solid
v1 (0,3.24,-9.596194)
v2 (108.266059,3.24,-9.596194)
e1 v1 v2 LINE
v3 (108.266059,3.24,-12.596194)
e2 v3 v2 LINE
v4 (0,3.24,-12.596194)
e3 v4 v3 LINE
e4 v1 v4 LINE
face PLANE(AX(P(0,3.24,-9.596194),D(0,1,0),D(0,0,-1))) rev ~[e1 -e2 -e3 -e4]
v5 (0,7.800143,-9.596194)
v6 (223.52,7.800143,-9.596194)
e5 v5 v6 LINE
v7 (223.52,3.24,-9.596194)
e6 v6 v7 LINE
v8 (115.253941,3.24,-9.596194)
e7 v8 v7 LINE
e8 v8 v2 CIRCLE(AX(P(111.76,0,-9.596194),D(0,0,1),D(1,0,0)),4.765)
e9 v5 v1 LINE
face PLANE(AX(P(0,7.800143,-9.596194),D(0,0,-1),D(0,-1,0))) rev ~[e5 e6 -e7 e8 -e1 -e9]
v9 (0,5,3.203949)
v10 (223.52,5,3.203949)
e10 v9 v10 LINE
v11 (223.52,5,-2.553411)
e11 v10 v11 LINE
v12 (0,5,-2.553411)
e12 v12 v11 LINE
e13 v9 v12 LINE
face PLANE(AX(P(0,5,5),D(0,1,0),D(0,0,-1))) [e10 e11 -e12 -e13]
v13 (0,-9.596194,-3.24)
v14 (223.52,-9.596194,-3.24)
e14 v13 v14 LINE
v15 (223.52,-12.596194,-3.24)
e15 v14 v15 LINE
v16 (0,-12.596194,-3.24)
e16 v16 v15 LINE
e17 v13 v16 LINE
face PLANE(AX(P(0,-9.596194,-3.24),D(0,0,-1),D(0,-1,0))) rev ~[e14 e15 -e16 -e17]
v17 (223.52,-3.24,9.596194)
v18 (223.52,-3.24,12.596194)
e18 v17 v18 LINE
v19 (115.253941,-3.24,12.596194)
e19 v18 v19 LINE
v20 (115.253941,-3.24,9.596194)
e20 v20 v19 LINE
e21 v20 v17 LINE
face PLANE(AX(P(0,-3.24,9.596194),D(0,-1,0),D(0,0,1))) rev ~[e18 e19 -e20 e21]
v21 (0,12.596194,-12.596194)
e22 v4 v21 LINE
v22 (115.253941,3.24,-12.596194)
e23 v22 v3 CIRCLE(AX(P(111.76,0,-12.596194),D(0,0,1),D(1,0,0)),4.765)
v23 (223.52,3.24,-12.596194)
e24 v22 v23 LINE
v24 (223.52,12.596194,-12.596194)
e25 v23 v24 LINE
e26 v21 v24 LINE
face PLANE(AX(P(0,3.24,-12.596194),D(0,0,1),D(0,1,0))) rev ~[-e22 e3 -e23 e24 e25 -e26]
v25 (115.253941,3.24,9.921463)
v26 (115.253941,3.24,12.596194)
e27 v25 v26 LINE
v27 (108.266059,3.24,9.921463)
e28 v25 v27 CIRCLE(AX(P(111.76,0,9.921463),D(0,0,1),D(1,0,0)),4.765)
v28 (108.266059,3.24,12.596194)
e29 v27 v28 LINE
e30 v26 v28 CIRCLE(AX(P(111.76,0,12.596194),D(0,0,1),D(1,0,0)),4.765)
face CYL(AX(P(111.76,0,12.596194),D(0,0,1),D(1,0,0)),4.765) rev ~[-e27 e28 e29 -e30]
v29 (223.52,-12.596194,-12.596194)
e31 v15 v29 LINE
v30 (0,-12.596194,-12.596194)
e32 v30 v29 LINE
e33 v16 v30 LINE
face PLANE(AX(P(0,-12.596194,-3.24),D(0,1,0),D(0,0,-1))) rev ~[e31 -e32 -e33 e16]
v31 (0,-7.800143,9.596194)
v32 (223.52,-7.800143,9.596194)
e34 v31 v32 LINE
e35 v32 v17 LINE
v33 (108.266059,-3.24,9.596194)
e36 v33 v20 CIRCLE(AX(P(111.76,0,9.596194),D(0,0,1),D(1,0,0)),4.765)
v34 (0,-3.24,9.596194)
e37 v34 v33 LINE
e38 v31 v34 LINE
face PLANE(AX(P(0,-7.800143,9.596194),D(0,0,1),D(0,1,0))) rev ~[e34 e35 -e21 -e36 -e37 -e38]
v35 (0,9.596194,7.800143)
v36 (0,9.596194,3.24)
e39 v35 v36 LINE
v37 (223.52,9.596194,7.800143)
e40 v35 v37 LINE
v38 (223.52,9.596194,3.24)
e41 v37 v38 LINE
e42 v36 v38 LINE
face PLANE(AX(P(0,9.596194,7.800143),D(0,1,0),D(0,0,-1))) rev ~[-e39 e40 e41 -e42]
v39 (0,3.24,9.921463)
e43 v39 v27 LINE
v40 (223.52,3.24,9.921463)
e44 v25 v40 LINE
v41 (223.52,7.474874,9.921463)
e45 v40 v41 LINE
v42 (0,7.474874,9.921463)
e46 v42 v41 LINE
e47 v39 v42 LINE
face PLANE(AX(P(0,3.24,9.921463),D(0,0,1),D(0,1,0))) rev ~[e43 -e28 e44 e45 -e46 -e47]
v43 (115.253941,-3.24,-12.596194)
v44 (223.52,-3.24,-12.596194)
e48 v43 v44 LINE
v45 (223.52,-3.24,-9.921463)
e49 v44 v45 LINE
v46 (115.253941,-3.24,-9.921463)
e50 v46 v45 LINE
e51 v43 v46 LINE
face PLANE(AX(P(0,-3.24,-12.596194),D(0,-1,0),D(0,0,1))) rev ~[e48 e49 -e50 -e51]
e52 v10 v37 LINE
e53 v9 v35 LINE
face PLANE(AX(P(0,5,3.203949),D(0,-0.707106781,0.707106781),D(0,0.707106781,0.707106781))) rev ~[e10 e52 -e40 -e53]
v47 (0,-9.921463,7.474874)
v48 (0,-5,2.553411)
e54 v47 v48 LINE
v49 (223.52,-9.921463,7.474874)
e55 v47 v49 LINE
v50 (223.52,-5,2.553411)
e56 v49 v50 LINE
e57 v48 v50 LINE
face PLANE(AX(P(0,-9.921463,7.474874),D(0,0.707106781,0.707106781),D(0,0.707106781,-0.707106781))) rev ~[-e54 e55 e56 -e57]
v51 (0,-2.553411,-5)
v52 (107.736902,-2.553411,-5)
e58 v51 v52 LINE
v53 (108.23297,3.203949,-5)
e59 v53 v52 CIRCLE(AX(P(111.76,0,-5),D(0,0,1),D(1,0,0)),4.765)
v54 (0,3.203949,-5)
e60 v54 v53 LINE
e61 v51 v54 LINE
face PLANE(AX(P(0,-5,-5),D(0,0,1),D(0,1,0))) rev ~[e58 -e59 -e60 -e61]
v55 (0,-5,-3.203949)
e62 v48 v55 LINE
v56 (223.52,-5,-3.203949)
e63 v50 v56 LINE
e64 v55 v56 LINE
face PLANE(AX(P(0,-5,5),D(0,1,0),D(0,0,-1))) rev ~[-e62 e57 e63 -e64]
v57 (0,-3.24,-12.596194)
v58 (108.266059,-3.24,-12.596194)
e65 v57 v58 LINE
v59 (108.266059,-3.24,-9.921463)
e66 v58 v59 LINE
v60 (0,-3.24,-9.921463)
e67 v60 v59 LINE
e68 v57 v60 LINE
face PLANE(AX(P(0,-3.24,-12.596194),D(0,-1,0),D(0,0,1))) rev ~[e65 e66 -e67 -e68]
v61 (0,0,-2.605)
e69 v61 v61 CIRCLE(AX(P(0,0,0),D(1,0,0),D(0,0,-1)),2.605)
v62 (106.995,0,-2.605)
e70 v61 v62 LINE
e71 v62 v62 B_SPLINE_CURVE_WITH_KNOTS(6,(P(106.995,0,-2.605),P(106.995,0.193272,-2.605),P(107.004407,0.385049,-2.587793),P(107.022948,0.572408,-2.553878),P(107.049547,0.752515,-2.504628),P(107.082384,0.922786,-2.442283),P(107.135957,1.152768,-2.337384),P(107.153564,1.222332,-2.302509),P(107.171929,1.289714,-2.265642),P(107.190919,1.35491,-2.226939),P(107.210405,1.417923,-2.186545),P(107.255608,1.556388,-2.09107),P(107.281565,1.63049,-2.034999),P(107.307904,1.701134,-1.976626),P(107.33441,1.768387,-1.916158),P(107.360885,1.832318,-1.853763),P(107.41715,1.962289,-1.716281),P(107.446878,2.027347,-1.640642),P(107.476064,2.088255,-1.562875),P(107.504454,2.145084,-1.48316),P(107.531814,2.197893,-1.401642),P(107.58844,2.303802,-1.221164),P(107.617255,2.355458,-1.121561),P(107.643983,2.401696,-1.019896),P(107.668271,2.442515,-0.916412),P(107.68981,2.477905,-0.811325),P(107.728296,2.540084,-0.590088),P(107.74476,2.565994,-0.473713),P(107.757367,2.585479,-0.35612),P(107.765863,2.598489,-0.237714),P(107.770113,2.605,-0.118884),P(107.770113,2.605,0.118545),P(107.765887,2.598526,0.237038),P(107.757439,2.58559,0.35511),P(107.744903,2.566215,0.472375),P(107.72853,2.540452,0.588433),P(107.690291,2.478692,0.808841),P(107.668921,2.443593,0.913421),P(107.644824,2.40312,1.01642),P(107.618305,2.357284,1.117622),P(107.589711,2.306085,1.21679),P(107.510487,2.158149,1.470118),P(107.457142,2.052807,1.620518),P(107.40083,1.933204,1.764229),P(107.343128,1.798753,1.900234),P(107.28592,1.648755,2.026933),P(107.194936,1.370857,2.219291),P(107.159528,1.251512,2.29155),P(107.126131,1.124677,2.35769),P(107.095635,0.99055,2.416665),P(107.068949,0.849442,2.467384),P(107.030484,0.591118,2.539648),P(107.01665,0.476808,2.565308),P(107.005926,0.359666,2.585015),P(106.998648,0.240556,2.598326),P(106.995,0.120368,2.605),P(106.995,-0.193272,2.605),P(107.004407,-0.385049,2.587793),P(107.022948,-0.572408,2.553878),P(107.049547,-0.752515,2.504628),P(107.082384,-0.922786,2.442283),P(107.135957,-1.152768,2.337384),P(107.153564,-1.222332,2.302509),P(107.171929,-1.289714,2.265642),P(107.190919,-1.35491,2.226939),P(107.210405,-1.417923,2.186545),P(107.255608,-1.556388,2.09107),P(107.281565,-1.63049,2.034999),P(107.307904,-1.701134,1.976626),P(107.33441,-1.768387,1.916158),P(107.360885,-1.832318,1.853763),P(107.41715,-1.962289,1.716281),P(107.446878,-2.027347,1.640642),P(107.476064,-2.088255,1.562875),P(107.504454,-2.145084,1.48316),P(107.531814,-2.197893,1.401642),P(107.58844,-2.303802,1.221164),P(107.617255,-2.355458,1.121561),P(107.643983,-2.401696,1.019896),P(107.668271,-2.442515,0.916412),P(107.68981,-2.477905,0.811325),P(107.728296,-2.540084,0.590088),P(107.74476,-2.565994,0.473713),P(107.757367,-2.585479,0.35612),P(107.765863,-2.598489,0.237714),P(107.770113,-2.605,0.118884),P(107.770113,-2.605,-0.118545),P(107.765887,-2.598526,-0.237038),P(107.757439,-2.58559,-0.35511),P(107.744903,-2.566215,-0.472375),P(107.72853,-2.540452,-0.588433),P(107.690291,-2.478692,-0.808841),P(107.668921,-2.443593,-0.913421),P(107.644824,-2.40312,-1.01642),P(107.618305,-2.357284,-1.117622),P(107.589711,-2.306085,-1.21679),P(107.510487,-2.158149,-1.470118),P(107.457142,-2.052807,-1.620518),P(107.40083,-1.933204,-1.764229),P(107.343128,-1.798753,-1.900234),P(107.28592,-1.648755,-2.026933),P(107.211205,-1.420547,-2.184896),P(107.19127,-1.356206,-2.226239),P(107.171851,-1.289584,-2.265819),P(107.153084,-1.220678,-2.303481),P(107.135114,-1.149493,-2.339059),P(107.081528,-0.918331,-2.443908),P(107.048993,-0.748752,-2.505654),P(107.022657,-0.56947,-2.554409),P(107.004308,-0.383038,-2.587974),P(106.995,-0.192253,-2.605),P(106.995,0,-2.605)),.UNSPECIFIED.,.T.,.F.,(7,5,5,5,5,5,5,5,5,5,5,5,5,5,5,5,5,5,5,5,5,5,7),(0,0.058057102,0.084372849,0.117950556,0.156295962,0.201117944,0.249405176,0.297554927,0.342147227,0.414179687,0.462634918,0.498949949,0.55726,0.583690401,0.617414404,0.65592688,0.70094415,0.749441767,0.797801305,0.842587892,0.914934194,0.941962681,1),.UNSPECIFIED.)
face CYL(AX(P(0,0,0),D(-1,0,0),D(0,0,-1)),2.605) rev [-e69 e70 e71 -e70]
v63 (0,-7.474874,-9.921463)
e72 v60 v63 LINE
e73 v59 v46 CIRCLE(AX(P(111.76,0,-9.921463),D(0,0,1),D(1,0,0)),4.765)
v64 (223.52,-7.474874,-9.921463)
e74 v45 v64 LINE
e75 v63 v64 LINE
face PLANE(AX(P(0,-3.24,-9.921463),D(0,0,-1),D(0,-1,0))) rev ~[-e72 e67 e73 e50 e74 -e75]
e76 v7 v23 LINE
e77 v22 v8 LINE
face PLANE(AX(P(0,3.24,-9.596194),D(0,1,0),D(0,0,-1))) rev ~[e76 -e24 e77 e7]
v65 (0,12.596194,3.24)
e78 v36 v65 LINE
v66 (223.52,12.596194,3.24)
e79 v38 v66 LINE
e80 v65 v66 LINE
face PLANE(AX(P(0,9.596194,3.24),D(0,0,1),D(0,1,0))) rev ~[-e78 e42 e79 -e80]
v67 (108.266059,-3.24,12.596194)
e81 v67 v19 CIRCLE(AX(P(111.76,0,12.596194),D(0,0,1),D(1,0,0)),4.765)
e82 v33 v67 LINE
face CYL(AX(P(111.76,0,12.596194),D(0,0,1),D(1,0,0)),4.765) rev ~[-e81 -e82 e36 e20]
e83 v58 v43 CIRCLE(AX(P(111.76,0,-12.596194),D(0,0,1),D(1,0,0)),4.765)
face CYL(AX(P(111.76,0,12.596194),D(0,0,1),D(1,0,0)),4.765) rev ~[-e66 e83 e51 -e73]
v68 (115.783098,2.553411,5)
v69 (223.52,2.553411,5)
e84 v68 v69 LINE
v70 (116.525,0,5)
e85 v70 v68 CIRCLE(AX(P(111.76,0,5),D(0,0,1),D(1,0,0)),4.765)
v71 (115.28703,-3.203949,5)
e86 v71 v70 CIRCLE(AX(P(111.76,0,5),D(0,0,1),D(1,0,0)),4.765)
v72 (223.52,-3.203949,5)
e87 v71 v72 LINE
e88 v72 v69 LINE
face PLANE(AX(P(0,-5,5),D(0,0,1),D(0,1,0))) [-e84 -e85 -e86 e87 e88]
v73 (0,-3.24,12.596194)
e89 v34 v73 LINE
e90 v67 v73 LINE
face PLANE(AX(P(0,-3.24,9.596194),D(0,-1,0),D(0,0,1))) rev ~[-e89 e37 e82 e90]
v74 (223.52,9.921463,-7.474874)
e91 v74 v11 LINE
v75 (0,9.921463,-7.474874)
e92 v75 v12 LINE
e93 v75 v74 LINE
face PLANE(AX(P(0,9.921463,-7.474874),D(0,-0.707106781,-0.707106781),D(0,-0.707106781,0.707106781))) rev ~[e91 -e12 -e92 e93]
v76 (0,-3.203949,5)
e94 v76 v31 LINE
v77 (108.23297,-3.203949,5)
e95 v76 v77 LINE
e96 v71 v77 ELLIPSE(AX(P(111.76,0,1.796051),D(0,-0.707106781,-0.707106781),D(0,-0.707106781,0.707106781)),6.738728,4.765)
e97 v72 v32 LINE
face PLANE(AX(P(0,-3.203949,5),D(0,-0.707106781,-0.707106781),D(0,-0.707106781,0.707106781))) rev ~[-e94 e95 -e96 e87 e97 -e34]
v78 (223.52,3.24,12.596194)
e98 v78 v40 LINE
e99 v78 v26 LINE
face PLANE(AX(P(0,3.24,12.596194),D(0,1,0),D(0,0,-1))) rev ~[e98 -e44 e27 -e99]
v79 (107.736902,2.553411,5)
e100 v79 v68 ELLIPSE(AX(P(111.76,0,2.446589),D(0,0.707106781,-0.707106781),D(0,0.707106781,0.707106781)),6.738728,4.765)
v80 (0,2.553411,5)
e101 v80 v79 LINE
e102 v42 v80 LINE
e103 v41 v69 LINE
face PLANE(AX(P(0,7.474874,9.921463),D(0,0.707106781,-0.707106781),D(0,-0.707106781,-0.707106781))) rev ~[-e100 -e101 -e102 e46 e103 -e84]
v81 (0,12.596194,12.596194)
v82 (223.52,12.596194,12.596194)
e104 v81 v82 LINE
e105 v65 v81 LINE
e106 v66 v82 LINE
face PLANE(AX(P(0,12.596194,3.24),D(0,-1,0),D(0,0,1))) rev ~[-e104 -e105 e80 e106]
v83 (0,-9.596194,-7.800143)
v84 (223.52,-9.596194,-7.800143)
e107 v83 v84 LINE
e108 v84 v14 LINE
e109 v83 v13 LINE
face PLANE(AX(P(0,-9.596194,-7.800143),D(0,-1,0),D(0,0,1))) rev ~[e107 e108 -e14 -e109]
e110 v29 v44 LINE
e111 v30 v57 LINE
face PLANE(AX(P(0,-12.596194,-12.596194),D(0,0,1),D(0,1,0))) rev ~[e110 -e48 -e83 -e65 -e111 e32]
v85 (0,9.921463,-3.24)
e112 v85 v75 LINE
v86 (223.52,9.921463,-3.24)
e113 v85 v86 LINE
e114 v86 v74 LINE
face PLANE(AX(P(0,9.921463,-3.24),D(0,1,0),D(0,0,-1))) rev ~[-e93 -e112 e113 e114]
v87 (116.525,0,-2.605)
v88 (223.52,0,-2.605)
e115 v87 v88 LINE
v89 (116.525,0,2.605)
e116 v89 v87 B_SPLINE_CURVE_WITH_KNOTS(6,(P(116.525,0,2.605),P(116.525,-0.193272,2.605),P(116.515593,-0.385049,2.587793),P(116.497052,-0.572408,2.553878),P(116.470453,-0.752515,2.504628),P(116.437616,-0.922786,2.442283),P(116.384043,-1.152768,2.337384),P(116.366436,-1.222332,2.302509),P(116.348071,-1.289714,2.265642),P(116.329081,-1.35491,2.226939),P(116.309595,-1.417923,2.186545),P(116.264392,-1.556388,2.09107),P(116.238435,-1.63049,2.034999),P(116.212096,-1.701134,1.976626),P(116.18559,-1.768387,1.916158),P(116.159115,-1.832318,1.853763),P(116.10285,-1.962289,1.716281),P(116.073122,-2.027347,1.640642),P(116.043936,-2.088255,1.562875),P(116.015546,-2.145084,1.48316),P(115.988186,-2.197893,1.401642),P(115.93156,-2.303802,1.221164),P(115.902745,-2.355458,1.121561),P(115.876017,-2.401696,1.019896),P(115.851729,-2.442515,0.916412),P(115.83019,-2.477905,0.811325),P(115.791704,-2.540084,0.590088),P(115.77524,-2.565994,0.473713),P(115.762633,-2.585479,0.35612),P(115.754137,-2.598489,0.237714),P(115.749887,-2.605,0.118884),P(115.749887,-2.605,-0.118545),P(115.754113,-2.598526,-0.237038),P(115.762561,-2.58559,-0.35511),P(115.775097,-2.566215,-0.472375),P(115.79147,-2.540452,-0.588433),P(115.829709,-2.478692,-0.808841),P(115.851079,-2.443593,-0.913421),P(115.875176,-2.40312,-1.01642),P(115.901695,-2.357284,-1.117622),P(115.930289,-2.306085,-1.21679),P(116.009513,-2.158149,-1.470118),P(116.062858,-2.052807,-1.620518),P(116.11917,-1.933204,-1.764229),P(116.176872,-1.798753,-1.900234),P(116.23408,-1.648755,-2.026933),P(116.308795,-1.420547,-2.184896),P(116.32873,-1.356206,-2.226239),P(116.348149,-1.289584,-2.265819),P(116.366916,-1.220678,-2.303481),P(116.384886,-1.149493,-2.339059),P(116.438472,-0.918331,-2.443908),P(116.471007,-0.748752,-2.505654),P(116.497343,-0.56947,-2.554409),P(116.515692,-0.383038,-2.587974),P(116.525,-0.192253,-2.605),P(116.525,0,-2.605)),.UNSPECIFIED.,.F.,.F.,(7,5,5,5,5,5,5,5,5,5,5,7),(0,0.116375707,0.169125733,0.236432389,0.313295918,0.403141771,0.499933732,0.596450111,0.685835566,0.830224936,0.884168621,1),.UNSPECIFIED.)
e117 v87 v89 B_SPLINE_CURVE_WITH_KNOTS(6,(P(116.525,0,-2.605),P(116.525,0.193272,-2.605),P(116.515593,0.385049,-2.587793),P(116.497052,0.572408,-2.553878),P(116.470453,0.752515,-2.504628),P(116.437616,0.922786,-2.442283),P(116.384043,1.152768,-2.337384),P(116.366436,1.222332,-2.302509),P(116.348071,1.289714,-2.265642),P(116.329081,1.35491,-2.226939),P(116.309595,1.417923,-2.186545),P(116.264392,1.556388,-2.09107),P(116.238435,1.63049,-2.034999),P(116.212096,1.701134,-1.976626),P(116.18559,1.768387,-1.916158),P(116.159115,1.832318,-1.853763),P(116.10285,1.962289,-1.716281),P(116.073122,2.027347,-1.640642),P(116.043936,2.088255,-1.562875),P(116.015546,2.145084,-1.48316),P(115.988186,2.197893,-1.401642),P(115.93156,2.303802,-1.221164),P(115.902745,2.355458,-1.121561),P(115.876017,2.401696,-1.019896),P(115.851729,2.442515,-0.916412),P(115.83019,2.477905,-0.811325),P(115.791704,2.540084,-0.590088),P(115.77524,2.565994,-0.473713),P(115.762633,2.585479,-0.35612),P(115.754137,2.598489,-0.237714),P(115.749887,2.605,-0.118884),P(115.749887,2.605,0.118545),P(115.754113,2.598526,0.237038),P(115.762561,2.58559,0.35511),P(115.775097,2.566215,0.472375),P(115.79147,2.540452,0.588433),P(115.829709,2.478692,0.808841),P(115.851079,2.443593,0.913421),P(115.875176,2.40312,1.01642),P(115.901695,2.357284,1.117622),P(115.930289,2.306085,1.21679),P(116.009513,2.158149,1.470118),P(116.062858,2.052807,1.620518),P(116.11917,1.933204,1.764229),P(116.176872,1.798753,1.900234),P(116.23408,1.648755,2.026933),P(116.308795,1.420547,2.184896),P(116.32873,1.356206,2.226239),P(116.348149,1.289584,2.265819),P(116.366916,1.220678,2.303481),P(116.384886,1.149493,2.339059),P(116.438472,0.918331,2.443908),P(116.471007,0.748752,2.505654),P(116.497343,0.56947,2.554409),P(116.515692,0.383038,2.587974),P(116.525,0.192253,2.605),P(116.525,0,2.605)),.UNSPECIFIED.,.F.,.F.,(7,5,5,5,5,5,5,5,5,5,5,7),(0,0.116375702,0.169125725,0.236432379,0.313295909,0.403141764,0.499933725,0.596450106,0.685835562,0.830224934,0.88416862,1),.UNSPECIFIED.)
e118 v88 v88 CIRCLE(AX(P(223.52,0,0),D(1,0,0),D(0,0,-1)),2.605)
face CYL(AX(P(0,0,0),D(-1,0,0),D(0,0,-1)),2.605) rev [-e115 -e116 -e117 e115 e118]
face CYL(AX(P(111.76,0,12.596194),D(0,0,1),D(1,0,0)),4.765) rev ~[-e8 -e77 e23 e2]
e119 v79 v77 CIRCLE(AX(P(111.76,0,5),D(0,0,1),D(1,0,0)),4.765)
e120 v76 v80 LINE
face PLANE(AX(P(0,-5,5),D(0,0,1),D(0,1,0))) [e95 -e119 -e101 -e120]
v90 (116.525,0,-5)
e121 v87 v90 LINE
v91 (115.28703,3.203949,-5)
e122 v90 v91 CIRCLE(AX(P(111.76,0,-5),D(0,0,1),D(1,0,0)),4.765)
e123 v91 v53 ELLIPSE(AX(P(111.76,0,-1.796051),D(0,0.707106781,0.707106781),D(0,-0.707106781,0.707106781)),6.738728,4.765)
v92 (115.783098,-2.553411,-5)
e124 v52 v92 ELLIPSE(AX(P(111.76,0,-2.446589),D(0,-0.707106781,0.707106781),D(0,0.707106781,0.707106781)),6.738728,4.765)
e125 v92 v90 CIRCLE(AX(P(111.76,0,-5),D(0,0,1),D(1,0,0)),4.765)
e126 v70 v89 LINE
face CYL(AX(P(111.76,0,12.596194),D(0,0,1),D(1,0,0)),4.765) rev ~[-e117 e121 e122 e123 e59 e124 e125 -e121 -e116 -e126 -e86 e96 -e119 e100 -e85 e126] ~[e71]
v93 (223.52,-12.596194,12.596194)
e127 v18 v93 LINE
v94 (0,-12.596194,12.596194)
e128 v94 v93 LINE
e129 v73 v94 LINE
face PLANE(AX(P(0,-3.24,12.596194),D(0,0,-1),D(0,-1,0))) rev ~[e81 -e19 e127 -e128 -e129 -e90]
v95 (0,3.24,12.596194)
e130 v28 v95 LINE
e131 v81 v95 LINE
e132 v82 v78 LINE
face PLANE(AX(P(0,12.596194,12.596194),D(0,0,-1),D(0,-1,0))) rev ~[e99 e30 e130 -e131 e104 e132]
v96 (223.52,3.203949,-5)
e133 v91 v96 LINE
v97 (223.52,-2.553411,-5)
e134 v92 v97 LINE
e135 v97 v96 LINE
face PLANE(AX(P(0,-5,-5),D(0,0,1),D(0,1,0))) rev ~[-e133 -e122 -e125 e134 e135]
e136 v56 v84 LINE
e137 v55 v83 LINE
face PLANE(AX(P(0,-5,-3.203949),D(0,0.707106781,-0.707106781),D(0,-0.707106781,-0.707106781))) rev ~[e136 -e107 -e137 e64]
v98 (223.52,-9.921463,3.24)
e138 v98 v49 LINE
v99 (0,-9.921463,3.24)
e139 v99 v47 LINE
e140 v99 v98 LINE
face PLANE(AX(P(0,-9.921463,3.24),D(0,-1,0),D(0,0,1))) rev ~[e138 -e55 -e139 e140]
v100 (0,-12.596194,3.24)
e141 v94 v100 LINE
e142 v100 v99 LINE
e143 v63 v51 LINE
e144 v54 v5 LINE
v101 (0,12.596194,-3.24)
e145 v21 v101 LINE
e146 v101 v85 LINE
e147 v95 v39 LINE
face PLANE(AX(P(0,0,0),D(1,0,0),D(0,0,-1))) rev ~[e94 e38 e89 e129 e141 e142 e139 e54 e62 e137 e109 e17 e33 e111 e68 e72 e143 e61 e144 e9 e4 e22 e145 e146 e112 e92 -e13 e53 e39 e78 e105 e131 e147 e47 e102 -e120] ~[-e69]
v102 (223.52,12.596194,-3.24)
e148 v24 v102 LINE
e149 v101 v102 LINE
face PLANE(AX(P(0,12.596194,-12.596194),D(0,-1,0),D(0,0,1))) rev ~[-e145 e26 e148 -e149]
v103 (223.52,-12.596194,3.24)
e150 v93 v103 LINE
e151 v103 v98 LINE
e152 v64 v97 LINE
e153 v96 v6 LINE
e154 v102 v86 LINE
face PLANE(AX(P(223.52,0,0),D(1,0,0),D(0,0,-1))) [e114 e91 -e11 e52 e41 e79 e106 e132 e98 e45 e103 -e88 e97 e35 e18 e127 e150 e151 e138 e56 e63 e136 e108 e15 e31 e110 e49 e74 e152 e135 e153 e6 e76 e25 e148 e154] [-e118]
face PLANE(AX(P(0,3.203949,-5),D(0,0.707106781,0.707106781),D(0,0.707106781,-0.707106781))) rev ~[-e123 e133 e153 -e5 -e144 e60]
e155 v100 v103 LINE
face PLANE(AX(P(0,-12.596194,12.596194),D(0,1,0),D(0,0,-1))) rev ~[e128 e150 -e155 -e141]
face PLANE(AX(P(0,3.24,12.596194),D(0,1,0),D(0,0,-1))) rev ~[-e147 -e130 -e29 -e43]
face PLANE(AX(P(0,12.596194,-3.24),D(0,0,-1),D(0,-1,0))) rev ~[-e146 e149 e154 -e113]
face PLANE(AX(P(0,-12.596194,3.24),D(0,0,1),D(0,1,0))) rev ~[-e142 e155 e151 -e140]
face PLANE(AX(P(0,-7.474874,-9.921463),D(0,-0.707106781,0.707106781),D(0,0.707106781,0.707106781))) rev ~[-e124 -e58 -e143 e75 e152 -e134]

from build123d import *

# Parameters (mm, degrees)
SKETCH1_R               = 2.605
BOSS_EXTRUDE1_DEPTH     = 223.52
CIRPATTERN1_COUNT       = 4
CUT_EXTRUDE2_DEPTH      = 10
CUT_EXTRUDE2_DEPTH_BACK = 50
SKETCH2_R               = 4.765


with BuildPart() as part:
    # Sketch1 → Boss-Extrude1 (new body)
    with BuildSketch(Plane(origin=(0, 0, 0), x_dir=(0, 0, -1), z_dir=(1, 0, 0))):
        Polygon((5, -5), (5, 3.203948776), (9.596194078, 7.800142853), (9.596194078, 3.24), (12.596194078, 3.24), (12.596194078, 12.596194078), (3.24, 12.596194078), (3.24, 9.921463197), (7.474873734, 9.921463197), (2.553410537, 5), (-5, 5), (-5, -5), align=None)
        Circle(SKETCH1_R, mode=Mode.SUBTRACT)
    boss_extrude1 = extrude(amount=BOSS_EXTRUDE1_DEPTH)

    # CirPattern1: Boss-Extrude1 ×4 about axis
    cirpattern1_axis = Axis((0, 0, 0), (1, 0, 0))
    for i in range(1, CIRPATTERN1_COUNT):
        add(boss_extrude1.rotate(cirpattern1_axis, i * 360 / CIRPATTERN1_COUNT))

    # Sketch2 → Cut-Extrude2 (cut, two sides: drawn at the far end of the back side and taken through both)
    with BuildSketch(Plane.XY.offset(12.596194078).offset(-CUT_EXTRUDE2_DEPTH_BACK)):
        with Locations((111.76, 0)):
            Circle(SKETCH2_R)
    extrude(amount=CUT_EXTRUDE2_DEPTH + CUT_EXTRUDE2_DEPTH_BACK, mode=Mode.SUBTRACT)


solid = part.part
